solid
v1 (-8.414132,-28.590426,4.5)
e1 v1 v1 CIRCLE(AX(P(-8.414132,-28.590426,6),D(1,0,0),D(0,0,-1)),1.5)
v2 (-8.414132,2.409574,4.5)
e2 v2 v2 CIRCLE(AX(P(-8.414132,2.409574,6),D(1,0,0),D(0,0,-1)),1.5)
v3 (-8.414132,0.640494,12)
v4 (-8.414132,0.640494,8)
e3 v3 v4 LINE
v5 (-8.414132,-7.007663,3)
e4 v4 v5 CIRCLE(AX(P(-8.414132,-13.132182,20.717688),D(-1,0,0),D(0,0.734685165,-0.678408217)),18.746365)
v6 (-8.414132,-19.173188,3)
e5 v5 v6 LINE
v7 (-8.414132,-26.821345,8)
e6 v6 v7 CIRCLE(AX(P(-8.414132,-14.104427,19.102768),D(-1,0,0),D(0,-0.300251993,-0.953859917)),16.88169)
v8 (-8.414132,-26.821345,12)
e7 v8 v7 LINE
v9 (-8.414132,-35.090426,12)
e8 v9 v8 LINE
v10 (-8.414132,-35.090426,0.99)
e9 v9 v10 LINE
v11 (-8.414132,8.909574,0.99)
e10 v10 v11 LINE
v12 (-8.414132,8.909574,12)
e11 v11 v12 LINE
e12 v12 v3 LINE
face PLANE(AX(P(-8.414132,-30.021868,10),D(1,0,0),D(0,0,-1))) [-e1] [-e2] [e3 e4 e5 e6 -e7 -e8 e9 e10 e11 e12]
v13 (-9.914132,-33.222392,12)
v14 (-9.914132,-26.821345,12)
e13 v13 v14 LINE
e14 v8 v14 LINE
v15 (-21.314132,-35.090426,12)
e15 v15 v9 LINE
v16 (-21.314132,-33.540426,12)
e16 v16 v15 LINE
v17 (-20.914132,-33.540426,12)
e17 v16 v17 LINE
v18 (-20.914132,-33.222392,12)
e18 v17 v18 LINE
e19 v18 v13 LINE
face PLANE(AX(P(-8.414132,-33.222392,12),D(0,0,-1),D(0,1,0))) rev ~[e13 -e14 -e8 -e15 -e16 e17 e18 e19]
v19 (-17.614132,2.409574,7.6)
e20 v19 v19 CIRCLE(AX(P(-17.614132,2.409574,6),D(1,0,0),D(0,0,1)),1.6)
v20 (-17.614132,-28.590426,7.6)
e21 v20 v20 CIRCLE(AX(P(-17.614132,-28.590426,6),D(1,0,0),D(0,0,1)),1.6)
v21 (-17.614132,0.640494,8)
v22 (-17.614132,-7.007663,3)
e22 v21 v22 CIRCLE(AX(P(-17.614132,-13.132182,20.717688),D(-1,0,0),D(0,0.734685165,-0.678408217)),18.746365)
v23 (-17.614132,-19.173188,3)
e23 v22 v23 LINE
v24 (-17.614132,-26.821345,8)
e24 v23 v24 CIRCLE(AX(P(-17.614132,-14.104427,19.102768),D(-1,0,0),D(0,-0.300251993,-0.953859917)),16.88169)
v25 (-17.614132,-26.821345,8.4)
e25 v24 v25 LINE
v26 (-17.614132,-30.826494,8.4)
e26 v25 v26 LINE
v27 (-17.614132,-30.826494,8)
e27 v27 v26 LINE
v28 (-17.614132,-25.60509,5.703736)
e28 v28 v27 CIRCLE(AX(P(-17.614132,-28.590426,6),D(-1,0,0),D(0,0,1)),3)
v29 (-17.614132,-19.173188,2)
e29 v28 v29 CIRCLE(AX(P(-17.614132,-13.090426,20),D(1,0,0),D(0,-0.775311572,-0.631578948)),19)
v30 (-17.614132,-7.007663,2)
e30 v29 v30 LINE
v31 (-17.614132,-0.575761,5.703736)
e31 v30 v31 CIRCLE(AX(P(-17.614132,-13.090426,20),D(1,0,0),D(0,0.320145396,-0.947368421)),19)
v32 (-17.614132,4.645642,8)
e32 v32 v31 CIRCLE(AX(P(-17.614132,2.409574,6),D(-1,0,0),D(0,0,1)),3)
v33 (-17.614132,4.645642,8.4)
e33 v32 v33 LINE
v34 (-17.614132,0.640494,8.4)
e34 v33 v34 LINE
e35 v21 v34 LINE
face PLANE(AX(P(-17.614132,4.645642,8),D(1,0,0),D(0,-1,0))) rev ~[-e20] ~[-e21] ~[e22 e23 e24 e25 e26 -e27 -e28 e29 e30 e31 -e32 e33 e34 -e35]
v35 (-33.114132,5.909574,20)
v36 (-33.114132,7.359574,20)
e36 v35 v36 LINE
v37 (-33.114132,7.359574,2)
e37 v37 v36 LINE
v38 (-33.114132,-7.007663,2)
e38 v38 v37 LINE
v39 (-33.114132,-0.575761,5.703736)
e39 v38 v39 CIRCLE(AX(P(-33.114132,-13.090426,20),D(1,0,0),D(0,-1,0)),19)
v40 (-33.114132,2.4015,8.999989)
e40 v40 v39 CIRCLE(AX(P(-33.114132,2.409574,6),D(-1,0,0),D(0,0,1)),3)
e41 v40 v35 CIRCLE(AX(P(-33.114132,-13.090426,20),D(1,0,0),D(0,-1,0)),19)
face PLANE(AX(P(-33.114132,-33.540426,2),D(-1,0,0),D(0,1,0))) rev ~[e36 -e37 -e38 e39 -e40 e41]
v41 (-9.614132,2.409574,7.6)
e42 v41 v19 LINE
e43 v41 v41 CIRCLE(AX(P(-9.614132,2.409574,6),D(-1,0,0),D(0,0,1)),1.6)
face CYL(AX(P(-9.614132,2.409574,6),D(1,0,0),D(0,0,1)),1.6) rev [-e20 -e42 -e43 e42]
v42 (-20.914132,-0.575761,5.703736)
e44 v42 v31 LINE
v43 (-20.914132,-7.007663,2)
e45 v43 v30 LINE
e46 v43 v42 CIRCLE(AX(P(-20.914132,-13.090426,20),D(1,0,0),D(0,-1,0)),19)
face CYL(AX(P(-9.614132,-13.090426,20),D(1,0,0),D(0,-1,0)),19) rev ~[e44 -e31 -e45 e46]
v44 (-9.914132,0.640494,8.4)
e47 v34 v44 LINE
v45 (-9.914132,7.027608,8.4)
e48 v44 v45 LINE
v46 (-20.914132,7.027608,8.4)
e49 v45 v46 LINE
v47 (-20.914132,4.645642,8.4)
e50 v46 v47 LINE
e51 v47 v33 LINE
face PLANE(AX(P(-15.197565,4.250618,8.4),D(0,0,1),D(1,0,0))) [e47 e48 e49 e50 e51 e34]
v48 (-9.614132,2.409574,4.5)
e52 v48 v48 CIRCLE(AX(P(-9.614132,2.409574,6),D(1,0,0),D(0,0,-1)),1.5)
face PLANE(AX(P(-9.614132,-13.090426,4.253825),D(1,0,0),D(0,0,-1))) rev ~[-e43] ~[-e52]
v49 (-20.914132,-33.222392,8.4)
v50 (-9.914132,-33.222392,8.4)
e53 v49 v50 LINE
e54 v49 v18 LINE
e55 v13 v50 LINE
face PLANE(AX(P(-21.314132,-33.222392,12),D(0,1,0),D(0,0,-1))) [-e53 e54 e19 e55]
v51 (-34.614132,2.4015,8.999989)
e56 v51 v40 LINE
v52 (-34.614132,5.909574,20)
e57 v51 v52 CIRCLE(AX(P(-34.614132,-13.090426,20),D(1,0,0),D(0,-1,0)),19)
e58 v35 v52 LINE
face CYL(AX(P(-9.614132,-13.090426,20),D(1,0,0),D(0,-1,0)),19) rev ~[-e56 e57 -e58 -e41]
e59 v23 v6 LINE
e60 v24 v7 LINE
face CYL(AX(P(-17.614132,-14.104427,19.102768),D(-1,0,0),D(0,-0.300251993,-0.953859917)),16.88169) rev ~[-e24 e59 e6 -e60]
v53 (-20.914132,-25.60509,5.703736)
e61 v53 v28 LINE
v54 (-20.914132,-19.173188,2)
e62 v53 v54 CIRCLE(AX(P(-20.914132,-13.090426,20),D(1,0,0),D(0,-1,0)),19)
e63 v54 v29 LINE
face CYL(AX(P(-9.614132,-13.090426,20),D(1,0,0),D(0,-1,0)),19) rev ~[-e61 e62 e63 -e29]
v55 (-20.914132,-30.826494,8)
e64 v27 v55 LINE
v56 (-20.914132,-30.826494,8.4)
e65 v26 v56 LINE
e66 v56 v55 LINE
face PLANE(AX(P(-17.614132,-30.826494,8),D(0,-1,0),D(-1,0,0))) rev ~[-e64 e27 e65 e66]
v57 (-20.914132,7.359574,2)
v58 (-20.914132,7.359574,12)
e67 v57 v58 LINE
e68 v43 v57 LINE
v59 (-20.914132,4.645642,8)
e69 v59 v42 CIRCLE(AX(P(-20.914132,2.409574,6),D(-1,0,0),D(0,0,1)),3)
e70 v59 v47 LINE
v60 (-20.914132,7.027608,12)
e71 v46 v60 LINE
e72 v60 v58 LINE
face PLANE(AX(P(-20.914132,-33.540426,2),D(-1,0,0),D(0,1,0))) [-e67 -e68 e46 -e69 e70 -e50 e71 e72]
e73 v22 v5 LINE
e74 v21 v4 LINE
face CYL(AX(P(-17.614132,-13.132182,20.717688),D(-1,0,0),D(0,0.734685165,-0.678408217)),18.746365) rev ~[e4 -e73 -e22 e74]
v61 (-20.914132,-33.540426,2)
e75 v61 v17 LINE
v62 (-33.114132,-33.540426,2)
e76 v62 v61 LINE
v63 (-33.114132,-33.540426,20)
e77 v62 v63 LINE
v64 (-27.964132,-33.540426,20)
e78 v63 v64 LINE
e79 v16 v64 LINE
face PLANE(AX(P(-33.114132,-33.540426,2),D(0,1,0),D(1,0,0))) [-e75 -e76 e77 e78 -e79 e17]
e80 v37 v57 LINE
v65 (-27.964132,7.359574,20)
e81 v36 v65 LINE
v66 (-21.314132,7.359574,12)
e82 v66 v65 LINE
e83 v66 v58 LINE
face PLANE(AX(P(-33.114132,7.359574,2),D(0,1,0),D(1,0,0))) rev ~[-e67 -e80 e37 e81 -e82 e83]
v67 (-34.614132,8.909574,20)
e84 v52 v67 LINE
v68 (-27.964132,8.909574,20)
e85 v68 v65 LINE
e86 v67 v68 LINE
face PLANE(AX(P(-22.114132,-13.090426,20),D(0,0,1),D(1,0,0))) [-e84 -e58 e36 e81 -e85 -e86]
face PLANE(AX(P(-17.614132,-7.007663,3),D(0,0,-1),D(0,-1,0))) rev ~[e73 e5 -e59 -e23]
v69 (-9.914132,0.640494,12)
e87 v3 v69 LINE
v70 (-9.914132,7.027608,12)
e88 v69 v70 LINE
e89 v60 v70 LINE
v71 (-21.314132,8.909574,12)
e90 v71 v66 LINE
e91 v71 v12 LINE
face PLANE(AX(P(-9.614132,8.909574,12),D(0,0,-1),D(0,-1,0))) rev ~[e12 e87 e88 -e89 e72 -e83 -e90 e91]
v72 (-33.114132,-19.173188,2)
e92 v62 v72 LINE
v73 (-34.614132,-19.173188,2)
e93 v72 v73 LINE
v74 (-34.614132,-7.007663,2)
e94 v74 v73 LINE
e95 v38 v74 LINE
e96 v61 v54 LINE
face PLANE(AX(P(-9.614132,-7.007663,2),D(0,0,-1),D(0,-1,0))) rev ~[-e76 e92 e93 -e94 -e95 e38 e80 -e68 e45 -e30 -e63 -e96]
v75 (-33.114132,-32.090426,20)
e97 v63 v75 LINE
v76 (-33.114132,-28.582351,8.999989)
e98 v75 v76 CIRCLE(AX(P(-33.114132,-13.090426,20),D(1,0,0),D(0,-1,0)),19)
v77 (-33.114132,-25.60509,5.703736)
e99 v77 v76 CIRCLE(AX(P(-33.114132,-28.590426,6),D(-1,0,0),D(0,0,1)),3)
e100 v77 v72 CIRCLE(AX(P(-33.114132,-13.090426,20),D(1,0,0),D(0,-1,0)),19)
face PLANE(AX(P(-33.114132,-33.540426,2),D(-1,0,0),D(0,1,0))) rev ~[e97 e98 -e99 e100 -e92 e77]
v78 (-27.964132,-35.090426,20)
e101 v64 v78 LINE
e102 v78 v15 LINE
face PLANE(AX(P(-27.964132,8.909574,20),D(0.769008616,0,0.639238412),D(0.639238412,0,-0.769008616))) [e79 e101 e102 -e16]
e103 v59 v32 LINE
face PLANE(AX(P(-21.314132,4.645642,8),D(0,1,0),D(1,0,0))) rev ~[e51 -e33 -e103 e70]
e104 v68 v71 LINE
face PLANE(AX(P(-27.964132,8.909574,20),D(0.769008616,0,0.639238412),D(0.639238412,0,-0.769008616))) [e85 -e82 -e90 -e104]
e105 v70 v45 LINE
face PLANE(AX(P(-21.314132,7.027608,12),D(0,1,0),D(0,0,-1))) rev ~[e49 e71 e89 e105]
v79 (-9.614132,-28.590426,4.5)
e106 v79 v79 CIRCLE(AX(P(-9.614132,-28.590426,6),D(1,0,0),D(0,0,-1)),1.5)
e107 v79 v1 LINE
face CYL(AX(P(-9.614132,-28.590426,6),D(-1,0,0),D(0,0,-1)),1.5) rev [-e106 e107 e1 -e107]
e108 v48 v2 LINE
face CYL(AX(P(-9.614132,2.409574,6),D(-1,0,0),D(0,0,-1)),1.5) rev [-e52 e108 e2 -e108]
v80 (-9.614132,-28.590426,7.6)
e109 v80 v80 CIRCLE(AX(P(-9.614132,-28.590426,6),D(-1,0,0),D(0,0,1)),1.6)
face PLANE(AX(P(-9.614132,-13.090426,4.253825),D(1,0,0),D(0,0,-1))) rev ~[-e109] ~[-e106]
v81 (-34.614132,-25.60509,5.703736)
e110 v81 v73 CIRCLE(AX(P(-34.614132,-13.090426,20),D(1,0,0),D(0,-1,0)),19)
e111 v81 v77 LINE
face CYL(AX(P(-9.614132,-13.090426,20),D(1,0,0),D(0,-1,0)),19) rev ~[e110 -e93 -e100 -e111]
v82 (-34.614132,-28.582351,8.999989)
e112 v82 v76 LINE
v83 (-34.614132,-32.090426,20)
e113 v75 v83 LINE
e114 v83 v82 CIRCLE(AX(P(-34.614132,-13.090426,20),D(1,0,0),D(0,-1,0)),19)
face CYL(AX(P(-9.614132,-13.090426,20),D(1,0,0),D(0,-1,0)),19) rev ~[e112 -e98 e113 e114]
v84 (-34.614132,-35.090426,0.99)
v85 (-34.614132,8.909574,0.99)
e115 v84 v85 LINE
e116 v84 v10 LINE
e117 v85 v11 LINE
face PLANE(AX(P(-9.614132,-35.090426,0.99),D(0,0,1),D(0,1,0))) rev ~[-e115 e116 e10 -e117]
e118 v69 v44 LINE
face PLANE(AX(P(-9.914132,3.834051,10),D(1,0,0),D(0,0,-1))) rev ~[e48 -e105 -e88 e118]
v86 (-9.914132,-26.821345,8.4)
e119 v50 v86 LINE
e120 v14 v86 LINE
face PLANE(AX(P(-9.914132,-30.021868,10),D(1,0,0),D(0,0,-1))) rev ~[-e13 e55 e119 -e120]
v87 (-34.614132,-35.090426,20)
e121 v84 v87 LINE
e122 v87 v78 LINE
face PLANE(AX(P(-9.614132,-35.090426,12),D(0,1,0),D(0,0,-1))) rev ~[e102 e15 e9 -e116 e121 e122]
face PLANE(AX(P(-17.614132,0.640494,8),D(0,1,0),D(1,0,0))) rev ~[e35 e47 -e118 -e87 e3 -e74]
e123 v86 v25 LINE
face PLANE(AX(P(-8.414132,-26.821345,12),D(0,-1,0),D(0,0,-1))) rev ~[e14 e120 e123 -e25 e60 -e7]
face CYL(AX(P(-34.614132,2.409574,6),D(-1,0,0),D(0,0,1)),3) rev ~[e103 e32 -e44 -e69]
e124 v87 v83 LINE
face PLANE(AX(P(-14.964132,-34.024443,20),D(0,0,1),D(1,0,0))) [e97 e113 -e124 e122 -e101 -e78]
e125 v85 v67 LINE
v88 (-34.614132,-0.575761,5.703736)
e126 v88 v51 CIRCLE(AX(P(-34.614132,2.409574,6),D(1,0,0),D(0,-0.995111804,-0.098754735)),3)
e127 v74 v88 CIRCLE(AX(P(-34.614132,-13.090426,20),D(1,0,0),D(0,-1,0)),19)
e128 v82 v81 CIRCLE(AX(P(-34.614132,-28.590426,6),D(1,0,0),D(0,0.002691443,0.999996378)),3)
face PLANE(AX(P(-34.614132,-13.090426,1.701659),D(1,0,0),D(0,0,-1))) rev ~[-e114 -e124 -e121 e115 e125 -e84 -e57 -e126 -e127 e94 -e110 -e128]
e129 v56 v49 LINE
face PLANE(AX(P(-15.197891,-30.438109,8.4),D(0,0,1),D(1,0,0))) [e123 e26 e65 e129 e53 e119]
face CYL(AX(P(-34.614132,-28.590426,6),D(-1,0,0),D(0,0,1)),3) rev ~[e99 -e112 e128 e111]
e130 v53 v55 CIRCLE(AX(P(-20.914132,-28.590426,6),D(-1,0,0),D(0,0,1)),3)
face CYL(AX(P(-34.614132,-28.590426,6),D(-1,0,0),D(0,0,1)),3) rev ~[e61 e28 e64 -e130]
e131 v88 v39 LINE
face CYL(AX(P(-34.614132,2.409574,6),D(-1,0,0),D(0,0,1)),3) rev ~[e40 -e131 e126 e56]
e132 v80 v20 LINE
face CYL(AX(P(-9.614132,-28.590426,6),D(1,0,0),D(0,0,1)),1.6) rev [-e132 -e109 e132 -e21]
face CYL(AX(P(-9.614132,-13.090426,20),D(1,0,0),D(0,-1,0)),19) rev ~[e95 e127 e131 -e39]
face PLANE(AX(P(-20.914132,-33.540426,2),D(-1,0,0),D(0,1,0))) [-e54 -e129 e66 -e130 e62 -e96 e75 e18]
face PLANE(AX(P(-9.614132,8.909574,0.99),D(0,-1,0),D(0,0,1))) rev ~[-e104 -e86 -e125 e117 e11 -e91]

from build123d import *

# Parameters (mm, degrees)
CROQUIS1_W               = 25
CROQUIS1_H               = 44
SALIENTE_EXTRUIR1_DEPTH  = 20
CROQUIS2_W               = 11.3
CROQUIS2_H               = 40.4
CORTAR_EXTRUIR1_DEPTH    = 18
CROQUIS3_W               = 10.7
CROQUIS3_H               = 44
CORTAR_EXTRUIR2_DEPTH    = 12
CORTAR_EXTRUIR3_START    = -25
CROQUIS4_R               = 1.6
CORTAR_EXTRUIR3_DEPTH    = 25
CROQUIS5_R               = 3
CORTAR_EXTRUIR4_DEPTH    = 17
CROQUIS7_W               = 10.7
CROQUIS7_H               = 2.131966011
SALIENTE_EXTRUIR2_DEPTH  = 12
CROQUIS9_W               = 11.3
CROQUIS9_H               = 12.16552506
SALIENTE_EXTRUIR3_DEPTH  = 2
SALIENTE_EXTRUIR4_DEPTH  = 2
CORTAR_EXTRUIR10_START   = -25
CROQUIS12_W              = 0.99
CROQUIS12_H              = 44
CORTAR_EXTRUIR10_DEPTH   = 25
CROQUIS13_W              = 8
CROQUIS13_H              = 44
CORTAR_EXTRUIR11_DEPTH   = 11.7
SALIENTE_EXTRUIR5_DEPTH  = 11.7
CROQUIS15_W              = 10.763613753
CROQUIS15_H              = 40.736067978
CORTAR_EXTRUIR12_DEPTH   = 4
CROQUIS16_R              = 1.5
SALIENTE_EXTRUIR6_DEPTH  = 1.2
CORTAR_EXTRUIR13_START   = -44
CORTAR_EXTRUIR13_DEPTH   = 44
CROQUIS18_W              = 0.936386247
CROQUIS18_H              = 40.568033989
CORTAR_EXTRUIR14_DEPTH   = 4
SALIENTE_EXTRUIR7_START  = -9.2
SALIENTE_EXTRUIR7_DEPTH  = 9.2
SALIENTE_EXTRUIR8_START  = -12.9
CROQUIS20_W              = 4
CROQUIS20_H              = 0.236067978
CROQUIS20_H_2            = 0.25
SALIENTE_EXTRUIR8_DEPTH  = 12.9
CROQUIS21_W              = 4
CROQUIS21_H              = 6.401046148
CROQUIS21_H_2            = 6.387114126
SALIENTE_EXTRUIR9_DEPTH  = 1.5
SALIENTE_EXTRUIR10_DEPTH = 0.4
CORTAR_EXTRUIR15_START   = -18
CROQUIS23_W              = 12.2
CROQUIS23_H              = 40.9
CORTAR_EXTRUIR15_DEPTH   = 18


with BuildPart() as part:
    # Croquis1 → Saliente-Extruir1 (new body)
    with BuildSketch(Plane.XY):
        with Locations((-22.114132301, -13.090425532)):
            Rectangle(CROQUIS1_W, CROQUIS1_H)
    extrude(amount=SALIENTE_EXTRUIR1_DEPTH)

    # Croquis2 → Cortar-Extruir1 (cut)
    with BuildSketch(Plane.XY.offset(20)):
        with Locations((-26.964132301, -13.090425532)):
            Rectangle(CROQUIS2_W, CROQUIS2_H)
    extrude(amount=-CORTAR_EXTRUIR1_DEPTH, mode=Mode.SUBTRACT)

    # Croquis3 → Cortar-Extruir2 (cut)
    with BuildSketch(Plane.XY.offset(20)):
        with Locations((-14.964132301, -13.090425532)):
            Rectangle(CROQUIS3_W, CROQUIS3_H)
    extrude(amount=-CORTAR_EXTRUIR2_DEPTH, mode=Mode.SUBTRACT)

    # Croquis4 → Cortar-Extruir3 (cut)
    with BuildSketch(Plane.ZY.offset(34.614132301).offset(CORTAR_EXTRUIR3_START)):
        with Locations((6, 2.409574468)):
            Circle(CROQUIS4_R)
        with Locations((6, -28.590425532)):
            Circle(CROQUIS4_R)
        with BuildLine():
            Line((20, 5.909574468), (20, -32.090425532))
            ThreePointArc((20, -32.090425532), (1, -13.090425532), (20, 5.909574468))
        make_face()
    extrude(amount=CORTAR_EXTRUIR3_DEPTH, mode=Mode.SUBTRACT)

    # Croquis5 → Cortar-Extruir4 (cut)
    with BuildSketch(Plane.ZY.offset(34.614132301)):
        with Locations((6, 2.409574468)):
            Circle(CROQUIS5_R)
        with Locations((6, -28.590425532)):
            Circle(CROQUIS5_R)
    extrude(amount=-CORTAR_EXTRUIR4_DEPTH, mode=Mode.SUBTRACT)

    # Croquis7 → Saliente-Extruir2 (add)
    with BuildSketch(Plane.XY.offset(8)):
        with Locations((-14.964132301, -34.024442527)):
            Rectangle(CROQUIS7_W, CROQUIS7_H)
        with Locations((-14.964132301, 7.843591463)):
            Rectangle(CROQUIS7_W, CROQUIS7_H)
    extrude(amount=SALIENTE_EXTRUIR2_DEPTH)

    # Croquis9 → Saliente-Extruir3 (add)
    with BuildSketch(Plane.XY.offset(2)):
        with Locations((-26.964132301, -13.090425532)):
            Rectangle(CROQUIS9_W, CROQUIS9_H)
    extrude(amount=-SALIENTE_EXTRUIR3_DEPTH)

    # Croquis11 → Saliente-Extruir4 (add)
    with BuildSketch(Plane.ZY.offset(32.614132301)):
        with BuildLine():
            Line((2, -7.007663002), (2, -19.173188062))
            ThreePointArc((2, -19.173188062), (1, -13.090425532), (2, -7.007663002))
        make_face()
    extrude(amount=SALIENTE_EXTRUIR4_DEPTH)

    # Croquis12 → Cortar-Extruir10 (cut)
    with BuildSketch(Plane.ZY.offset(34.614132301).offset(CORTAR_EXTRUIR10_START)):
        with Locations((0.495, -13.090425532)):
            Rectangle(CROQUIS12_W, CROQUIS12_H)
    extrude(amount=CORTAR_EXTRUIR10_DEPTH, mode=Mode.SUBTRACT)

    # Croquis13 → Cortar-Extruir11 (cut)
    with BuildSketch(Plane(origin=(-9.614132301, 0, 0), x_dir=(0, 0, -1), z_dir=(1, 0, 0))):
        with Locations((-16, -13.090425532)):
            Rectangle(CROQUIS13_W, CROQUIS13_H)
    extrude(amount=-CORTAR_EXTRUIR11_DEPTH, mode=Mode.SUBTRACT)

    # Croquis14 → Saliente-Extruir5 (add)
    with BuildSketch(Plane(origin=(-21.314132301, 0, 0), x_dir=(0, 0, -1), z_dir=(1, 0, 0))):
        with BuildLine():
            Line((-2, -19.173188062), (-2, -7.007663002))
            ThreePointArc((-2, -7.007663002), (-1, -13.090425532), (-2, -19.173188062))
        make_face()
    extrude(amount=SALIENTE_EXTRUIR5_DEPTH)

    # Croquis15 → Cortar-Extruir12 (cut)
    with BuildSketch(Plane.XY.offset(12)):
        with Locations((-14.995939178, -13.090425532)):
            Rectangle(CROQUIS15_W, CROQUIS15_H)
    extrude(amount=-CORTAR_EXTRUIR12_DEPTH, mode=Mode.SUBTRACT)

    # Croquis16 → Saliente-Extruir6 (add)
    with BuildSketch(Plane(origin=(-9.614132301, 0, 0), x_dir=(0, 0, -1), z_dir=(1, 0, 0))):
        with BuildLine():
            Line((-8, -27.821345395), (-8, -33.458459521))
            Line((-8, -33.458459521), (-12, -33.458459521))
            Line((-12, -33.458459521), (-12, -35.090425532))
            Line((-12, -35.090425532), (-0.99, -35.090425532))
            Line((-0.99, -35.090425532), (-0.99, 8.909574468))
            Line((-0.99, 8.909574468), (-12, 8.909574468))
            Line((-12, 8.909574468), (-12, 7.277608457))
            Line((-12, 7.277608457), (-8, 7.277608457))
            Line((-8, 7.277608457), (-8, 1.640494331))
            ThreePointArc((-8, 1.640494331), (-4.389181434, -2.259804881), (-2, -7.007663002))
            Line((-2, -7.007663002), (-2, -19.173188062))
            ThreePointArc((-2, -19.173188062), (-4.389181434, -23.921046183), (-8, -27.821345395))
        make_face()
        with Locations((-6, -28.590425532)):
            Circle(CROQUIS16_R, mode=Mode.SUBTRACT)
        with Locations((-6, 2.409574468)):
            Circle(CROQUIS16_R, mode=Mode.SUBTRACT)
    extrude(amount=SALIENTE_EXTRUIR6_DEPTH)

    # Croquis17 → Cortar-Extruir13 (cut)
    with BuildSketch(Plane.XZ.offset(35.090425532).offset(CORTAR_EXTRUIR13_START)):
        Polygon((-21.314132301, 12), (-21.314132301, 20), (-27.964132301, 20), align=None)
    extrude(amount=CORTAR_EXTRUIR13_DEPTH, mode=Mode.SUBTRACT)

    # Croquis18 → Cortar-Extruir14 (cut)
    with BuildSketch(Plane.XY.offset(12)):
        with Locations((-20.845939178, -13.006408538)):
            Rectangle(CROQUIS18_W, CROQUIS18_H)
    extrude(amount=-CORTAR_EXTRUIR14_DEPTH, mode=Mode.SUBTRACT)

    # Croquis19 → Saliente-Extruir7 (add)
    with BuildSketch(Plane(origin=(-8.414132301, 0, 0), x_dir=(0, 0, -1), z_dir=(1, 0, 0)).offset(SALIENTE_EXTRUIR7_START)):
        with BuildLine():
            Line((-2, -19.173188062), (-2, -7.007663002))
            ThreePointArc((-2, -7.007663002), (-4.389181434, -2.259804881), (-8, 1.640494331))
            Line((-8, 1.640494331), (-8, 0.640494331))
            ThreePointArc((-8, 0.640494331), (-5.026875227, -2.874277954), (-3, -7.007663002))
            Line((-3, -7.007663002), (-3, -19.173188062))
            ThreePointArc((-3, -19.173188062), (-4.972698099, -23.341991528), (-8, -26.821345395))
            Line((-8, -26.821345395), (-8, -27.821345395))
            ThreePointArc((-8, -27.821345395), (-4.389181434, -23.921046183), (-2, -19.173188062))
        make_face()
    extrude(amount=SALIENTE_EXTRUIR7_DEPTH)

    # Croquis20 → Saliente-Extruir8 (add)
    with BuildSketch(Plane(origin=(-8.414132301, 0, 0), x_dir=(0, 0, -1), z_dir=(1, 0, 0)).offset(SALIENTE_EXTRUIR8_START)):
        with Locations((-10, -33.340425532)):
            Rectangle(CROQUIS20_W, CROQUIS20_H)
        with Locations((-10, 7.152608457)):
            Rectangle(CROQUIS20_W, CROQUIS20_H_2)
    extrude(amount=SALIENTE_EXTRUIR8_DEPTH)

    # Croquis21 → Saliente-Extruir9 (add)
    with BuildSketch(Plane(origin=(-8.414132301, 0, 0), x_dir=(0, 0, -1), z_dir=(1, 0, 0))):
        with Locations((-10, -30.021868469)):
            Rectangle(CROQUIS21_W, CROQUIS21_H)
        with Locations((-10, 3.834051394)):
            Rectangle(CROQUIS21_W, CROQUIS21_H_2)
    extrude(amount=-SALIENTE_EXTRUIR9_DEPTH)

    # Croquis22 → Saliente-Extruir10 (add)
    with BuildSketch(Plane.XY.offset(8)):
        Polygon((-9.914132301, 7.027608457), (-21.314132301, 7.027608457), (-21.314132301, 4.645642446), (-17.614132301, 4.645642446), (-17.614132301, 0.640494331), (-9.914132301, 0.640494331), align=None)
        Polygon((-9.914132301, -26.821345395), (-17.614132301, -26.821345395), (-17.614132301, -30.826493509), (-21.314132301, -30.826493509), (-21.314132301, -33.222391543), (-9.914132301, -33.222391543), align=None)
    extrude(amount=SALIENTE_EXTRUIR10_DEPTH)

    # Croquis23 → Cortar-Extruir15 (cut)
    with BuildSketch(Plane.XY.offset(20).offset(CORTAR_EXTRUIR15_START)):
        with Locations((-27.014132301, -13.090425532)):
            Rectangle(CROQUIS23_W, CROQUIS23_H)
    extrude(amount=CORTAR_EXTRUIR15_DEPTH, mode=Mode.SUBTRACT)


solid = part.part
